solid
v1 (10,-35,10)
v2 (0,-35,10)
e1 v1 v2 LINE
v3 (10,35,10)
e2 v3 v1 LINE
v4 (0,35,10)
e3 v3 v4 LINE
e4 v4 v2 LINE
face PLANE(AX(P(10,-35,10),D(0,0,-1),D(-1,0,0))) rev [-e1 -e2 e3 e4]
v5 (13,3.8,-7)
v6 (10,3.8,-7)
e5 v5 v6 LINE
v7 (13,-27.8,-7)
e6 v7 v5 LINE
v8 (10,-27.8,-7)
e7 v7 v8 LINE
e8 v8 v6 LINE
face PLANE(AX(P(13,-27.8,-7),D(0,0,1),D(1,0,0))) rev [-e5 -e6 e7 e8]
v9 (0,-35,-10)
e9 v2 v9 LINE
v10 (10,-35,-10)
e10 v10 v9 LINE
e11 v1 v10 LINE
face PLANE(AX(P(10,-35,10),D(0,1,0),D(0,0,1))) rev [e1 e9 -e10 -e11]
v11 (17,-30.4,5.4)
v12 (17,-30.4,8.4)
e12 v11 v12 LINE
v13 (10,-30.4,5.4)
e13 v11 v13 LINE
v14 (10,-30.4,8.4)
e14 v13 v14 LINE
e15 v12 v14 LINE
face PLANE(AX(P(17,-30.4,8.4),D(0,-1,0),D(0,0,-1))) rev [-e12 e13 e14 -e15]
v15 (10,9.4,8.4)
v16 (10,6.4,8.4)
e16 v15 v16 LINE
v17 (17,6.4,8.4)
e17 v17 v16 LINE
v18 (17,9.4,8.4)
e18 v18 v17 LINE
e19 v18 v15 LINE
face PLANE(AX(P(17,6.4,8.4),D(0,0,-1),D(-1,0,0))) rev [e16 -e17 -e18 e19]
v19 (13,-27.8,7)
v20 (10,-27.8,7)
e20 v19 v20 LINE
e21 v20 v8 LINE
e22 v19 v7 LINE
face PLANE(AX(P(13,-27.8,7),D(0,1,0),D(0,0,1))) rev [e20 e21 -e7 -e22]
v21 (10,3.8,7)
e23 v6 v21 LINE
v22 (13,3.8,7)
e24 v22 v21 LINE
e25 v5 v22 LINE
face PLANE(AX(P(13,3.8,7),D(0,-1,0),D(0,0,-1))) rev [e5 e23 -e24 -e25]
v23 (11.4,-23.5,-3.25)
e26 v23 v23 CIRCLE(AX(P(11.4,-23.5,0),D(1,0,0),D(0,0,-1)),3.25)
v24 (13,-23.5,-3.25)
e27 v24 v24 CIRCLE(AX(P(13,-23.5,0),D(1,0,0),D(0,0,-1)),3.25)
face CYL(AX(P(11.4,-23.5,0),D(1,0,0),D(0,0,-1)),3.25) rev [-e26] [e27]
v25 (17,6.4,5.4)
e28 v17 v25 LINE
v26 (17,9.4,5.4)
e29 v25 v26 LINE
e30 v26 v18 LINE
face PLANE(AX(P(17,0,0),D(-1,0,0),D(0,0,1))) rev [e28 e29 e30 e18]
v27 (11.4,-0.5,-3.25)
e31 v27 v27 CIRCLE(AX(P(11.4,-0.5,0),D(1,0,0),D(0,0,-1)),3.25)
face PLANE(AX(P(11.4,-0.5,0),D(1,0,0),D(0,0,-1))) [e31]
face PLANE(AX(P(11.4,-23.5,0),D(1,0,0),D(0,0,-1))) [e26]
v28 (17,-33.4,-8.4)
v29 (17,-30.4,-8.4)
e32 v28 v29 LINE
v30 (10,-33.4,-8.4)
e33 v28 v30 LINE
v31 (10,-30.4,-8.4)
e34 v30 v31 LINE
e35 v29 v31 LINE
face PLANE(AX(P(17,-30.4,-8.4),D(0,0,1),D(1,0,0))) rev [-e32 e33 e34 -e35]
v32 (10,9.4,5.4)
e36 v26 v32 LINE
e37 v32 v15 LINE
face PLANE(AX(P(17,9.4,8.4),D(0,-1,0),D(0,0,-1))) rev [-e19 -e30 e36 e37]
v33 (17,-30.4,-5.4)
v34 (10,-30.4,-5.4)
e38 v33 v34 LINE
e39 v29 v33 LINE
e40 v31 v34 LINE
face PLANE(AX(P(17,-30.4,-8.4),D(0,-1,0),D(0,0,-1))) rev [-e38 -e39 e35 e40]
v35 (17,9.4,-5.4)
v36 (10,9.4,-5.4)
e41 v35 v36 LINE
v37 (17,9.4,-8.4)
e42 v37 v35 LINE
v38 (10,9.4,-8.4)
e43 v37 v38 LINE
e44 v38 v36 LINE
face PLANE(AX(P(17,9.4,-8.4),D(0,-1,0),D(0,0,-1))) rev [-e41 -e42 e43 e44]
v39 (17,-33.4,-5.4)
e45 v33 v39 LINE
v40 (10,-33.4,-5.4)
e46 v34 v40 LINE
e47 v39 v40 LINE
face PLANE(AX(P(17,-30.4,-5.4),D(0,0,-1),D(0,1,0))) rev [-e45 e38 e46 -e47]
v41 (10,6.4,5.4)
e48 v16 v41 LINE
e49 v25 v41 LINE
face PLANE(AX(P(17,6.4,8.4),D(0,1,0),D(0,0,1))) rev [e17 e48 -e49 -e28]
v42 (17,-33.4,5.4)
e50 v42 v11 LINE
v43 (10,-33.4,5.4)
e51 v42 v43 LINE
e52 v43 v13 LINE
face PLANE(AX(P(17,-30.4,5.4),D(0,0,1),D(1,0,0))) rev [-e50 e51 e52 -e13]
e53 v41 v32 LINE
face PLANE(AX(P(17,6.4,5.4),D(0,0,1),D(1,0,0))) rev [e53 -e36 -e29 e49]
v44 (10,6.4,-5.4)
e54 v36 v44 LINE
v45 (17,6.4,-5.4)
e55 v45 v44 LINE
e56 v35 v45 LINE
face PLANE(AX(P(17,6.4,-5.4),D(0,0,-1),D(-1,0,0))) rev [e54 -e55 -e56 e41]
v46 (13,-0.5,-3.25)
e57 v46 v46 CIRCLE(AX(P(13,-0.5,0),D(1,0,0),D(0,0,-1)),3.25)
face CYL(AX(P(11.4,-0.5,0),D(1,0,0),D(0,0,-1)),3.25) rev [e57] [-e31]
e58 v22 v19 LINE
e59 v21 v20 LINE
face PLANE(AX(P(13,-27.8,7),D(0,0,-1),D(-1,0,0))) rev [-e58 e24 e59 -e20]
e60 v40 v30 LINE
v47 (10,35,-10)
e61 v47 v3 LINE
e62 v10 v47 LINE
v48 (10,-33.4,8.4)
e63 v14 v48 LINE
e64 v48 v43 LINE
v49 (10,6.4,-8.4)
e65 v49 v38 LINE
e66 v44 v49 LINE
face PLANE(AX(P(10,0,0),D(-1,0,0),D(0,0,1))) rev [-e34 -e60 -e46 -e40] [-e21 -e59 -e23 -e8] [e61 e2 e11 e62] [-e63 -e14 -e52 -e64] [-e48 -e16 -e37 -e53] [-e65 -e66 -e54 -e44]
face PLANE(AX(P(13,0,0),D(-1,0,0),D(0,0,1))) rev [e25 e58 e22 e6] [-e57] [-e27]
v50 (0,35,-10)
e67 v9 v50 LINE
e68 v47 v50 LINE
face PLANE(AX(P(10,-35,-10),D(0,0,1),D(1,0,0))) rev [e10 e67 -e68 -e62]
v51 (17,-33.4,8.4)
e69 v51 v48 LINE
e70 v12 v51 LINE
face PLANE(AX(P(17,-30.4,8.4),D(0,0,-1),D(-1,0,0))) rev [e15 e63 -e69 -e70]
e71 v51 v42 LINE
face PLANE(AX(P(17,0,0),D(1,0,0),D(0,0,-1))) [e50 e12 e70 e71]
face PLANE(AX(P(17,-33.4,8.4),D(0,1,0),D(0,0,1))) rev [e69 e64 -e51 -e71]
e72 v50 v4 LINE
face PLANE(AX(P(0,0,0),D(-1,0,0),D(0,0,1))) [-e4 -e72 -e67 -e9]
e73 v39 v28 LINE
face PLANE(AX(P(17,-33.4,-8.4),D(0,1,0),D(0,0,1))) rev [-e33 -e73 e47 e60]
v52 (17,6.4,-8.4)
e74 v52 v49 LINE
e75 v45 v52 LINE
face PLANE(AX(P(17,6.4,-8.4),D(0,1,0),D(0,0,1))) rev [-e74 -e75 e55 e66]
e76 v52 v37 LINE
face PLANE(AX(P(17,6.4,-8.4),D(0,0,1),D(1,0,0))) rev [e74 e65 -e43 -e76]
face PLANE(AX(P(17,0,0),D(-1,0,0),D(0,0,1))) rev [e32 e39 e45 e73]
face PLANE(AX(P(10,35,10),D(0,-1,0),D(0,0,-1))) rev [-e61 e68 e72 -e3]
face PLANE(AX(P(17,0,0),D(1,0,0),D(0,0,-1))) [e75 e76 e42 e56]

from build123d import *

# Parameters (mm, degrees)
SKETCH1_W           = 20
SKETCH1_H           = 70
BOSS_EXTRUDE1_DEPTH = 10
SKETCH2_W           = 3
SKETCH2_H           = 3
BOSS_EXTRUDE2_DEPTH = 7
SKETCH3_W           = 14
SKETCH3_H           = 31.6
BOSS_EXTRUDE3_DEPTH = 3
SKETCH4_R           = 3.25
CUT_EXTRUDE1_DEPTH  = 1.6


with BuildPart() as part:
    # Sketch1 → Boss-Extrude1 (new body)
    with BuildSketch(Plane(origin=(0, 0, 0), x_dir=(0, 0, -1), z_dir=(1, 0, 0))):
        Rectangle(SKETCH1_W, SKETCH1_H)
    extrude(amount=BOSS_EXTRUDE1_DEPTH)

    # Sketch2 → Boss-Extrude2 (add)
    with BuildSketch(Plane(origin=(10, 0, 0), x_dir=(0, 0, -1), z_dir=(1, 0, 0))):
        with Locations((-6.9, 7.9)):
            Rectangle(SKETCH2_W, SKETCH2_H)
        with Locations((6.9, 7.9)):
            Rectangle(SKETCH2_W, SKETCH2_H)
        with Locations((6.9, -31.9)):
            Rectangle(SKETCH2_W, SKETCH2_H)
        with Locations((-6.9, -31.9)):
            Rectangle(SKETCH2_W, SKETCH2_H)
    extrude(amount=BOSS_EXTRUDE2_DEPTH)

    # Sketch3 → Boss-Extrude3 (add)
    with BuildSketch(Plane(origin=(10, 0, 0), x_dir=(0, 0, -1), z_dir=(1, 0, 0))):
        with Locations((0, -12)):
            Rectangle(SKETCH3_W, SKETCH3_H)
    extrude(amount=BOSS_EXTRUDE3_DEPTH)

    # Sketch4 → Cut-Extrude1 (cut)
    with BuildSketch(Plane(origin=(13, 0, 0), x_dir=(0, 0, -1), z_dir=(1, 0, 0))):
        with Locations((0, -23.5)):
            Circle(SKETCH4_R)
        with Locations((0, -0.5)):
            Circle(SKETCH4_R)
    extrude(amount=-CUT_EXTRUDE1_DEPTH, mode=Mode.SUBTRACT)


solid = part.part
